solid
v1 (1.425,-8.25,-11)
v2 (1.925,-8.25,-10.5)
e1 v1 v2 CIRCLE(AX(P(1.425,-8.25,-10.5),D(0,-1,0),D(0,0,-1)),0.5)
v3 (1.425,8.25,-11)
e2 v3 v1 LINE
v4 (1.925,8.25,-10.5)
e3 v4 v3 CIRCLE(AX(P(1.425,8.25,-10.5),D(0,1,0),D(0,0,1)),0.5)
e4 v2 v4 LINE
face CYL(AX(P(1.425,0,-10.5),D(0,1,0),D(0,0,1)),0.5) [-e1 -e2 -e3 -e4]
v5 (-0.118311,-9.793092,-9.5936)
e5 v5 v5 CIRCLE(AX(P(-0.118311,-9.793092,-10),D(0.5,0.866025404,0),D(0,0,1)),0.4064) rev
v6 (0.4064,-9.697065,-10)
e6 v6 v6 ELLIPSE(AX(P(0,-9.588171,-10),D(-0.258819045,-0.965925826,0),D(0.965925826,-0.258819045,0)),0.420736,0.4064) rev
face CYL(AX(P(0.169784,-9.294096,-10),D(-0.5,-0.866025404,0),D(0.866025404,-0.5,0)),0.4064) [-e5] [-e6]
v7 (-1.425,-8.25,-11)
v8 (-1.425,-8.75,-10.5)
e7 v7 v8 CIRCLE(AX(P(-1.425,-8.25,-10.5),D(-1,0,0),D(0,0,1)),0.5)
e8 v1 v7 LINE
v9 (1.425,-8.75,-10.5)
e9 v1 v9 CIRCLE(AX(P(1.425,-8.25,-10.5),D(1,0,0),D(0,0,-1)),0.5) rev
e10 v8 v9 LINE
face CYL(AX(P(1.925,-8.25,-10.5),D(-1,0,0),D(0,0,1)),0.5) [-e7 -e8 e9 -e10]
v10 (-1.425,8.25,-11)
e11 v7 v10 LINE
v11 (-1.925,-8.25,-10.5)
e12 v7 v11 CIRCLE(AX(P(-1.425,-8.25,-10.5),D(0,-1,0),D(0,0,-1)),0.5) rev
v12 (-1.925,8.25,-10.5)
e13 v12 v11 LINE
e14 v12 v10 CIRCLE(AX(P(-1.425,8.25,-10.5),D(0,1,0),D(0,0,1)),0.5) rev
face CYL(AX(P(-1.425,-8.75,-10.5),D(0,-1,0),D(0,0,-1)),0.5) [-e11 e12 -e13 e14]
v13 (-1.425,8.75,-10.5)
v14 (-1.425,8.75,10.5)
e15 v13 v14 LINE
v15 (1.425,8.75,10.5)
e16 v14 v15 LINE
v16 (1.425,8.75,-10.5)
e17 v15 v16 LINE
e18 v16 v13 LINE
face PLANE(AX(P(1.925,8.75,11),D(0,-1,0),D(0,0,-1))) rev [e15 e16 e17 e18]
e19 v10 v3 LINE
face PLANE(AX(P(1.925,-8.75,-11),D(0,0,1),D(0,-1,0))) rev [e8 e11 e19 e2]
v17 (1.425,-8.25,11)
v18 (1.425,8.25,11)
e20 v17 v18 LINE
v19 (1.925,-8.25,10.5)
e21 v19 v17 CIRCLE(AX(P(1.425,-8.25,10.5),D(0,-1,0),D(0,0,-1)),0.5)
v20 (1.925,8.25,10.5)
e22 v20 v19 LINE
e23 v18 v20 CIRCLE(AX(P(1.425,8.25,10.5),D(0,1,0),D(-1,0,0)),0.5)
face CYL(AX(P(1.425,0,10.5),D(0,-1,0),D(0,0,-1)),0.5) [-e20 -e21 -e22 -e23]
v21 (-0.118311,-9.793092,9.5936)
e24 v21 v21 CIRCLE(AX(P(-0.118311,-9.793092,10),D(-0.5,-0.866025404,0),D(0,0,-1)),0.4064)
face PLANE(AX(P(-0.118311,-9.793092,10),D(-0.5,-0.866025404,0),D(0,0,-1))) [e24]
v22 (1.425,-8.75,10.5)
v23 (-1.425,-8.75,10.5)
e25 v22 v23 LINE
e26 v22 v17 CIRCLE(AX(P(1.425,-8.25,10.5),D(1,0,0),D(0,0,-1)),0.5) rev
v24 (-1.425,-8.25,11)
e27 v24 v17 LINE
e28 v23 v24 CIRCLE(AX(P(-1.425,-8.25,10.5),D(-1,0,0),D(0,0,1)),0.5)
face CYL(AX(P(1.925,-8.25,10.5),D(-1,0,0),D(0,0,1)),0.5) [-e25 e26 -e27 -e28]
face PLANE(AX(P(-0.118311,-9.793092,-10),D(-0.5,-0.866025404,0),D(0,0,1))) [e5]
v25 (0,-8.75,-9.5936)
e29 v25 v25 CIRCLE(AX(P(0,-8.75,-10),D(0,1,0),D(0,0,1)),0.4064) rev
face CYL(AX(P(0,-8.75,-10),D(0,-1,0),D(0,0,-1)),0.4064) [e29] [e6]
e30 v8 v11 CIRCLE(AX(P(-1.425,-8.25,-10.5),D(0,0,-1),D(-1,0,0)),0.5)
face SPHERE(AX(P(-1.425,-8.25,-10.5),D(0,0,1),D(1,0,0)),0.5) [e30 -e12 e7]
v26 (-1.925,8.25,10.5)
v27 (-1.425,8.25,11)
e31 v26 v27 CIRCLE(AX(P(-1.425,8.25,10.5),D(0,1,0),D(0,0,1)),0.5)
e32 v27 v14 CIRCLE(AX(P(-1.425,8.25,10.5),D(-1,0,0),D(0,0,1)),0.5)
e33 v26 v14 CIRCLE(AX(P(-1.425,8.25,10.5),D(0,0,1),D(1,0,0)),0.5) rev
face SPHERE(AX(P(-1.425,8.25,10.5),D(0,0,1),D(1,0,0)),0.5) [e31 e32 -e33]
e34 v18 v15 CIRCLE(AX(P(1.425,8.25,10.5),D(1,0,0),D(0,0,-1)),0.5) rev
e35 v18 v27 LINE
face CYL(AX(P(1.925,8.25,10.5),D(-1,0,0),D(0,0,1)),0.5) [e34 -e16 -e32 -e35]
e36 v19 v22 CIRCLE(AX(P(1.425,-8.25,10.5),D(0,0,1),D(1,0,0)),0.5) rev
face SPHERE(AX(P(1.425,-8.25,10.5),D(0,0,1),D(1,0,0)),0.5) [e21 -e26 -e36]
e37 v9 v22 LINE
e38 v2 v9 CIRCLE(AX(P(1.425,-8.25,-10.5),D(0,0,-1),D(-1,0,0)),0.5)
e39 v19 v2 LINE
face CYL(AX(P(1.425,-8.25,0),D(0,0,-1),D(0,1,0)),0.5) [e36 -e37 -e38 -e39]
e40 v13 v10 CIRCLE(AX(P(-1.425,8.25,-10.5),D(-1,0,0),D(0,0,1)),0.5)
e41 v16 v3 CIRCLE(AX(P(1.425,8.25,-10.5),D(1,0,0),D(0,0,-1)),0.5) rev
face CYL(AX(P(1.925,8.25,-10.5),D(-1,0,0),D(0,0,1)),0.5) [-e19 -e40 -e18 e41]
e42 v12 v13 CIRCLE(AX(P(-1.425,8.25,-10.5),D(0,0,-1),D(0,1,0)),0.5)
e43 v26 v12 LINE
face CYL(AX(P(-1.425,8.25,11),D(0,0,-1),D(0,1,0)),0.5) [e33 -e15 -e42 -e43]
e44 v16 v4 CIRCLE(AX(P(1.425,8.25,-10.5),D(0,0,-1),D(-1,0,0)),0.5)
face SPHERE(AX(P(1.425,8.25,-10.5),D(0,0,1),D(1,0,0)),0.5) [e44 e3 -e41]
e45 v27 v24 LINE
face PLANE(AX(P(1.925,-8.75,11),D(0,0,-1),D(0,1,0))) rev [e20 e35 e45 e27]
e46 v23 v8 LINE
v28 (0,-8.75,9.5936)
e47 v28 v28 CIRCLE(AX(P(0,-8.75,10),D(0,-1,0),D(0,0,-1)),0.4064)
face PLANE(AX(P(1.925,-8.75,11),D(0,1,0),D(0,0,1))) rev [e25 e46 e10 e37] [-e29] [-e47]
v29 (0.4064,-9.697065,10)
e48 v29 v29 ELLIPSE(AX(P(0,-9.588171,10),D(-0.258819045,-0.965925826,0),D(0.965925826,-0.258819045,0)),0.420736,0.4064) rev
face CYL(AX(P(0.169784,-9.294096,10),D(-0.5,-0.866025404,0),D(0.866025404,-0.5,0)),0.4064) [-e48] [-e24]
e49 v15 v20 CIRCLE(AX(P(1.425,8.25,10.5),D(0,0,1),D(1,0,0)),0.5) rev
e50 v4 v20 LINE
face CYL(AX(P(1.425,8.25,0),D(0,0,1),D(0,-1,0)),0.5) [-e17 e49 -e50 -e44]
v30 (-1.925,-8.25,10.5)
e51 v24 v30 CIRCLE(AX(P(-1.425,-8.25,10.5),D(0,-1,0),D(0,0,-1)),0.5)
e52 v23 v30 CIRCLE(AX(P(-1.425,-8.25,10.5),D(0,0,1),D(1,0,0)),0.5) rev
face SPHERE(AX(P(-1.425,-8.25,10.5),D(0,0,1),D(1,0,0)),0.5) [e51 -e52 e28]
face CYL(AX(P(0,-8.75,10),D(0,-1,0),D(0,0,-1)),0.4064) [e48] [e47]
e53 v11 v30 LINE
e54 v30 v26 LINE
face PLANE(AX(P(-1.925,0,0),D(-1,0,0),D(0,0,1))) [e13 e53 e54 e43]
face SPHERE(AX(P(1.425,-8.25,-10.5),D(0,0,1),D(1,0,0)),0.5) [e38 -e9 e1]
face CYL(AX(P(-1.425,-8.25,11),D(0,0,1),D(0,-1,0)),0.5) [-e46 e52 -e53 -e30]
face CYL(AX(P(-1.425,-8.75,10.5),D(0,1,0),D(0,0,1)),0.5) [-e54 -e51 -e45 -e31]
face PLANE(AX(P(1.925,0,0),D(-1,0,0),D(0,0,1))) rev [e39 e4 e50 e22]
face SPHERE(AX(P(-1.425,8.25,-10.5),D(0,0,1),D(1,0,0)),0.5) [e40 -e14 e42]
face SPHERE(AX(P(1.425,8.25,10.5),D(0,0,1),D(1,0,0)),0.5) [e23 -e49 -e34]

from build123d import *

# Parameters (mm, degrees)
SKETCH1_W           = 22
SKETCH1_H           = 17.5
BOSS_EXTRUDE1_DEPTH = 1.925
SKETCH2_R           = 0.4064
FILLET1_R           = 0.5


with BuildPart() as part:
    # Sketch1 → Boss-Extrude1 (new, symmetric)
    with BuildSketch(Plane(origin=(0, 0, 0), x_dir=(0, 0, -1), z_dir=(1, 0, 0))):
        Rectangle(SKETCH1_W, SKETCH1_H)
    extrude(amount=BOSS_EXTRUDE1_DEPTH, both=True)

    # Sweep1: sweep along a path in Sketch3
    with BuildLine(Plane.XY.offset(10)) as sweep1_path:
        Line((0, -8.75), (0, -9.588170614))
        Line((0, -9.588170614), (-0.118311478, -9.793092105))
    # Sketch2 → Sweep1 (sweep)
    with BuildSketch(Plane.XZ.offset(8.75)):
        with Locations((0, 10)):
            Circle(SKETCH2_R)
    sweep1 = sweep(path=sweep1_path.line, transition=Transition.RIGHT)

    # Fillet1
    fillet1_edges = [part.edges().sort_by_distance(p)[0] for p in [
        (1.925, 0, 11),
        (1.925, -8.75, 0),
        (1.925, 0, -11),
        (-1.925, -8.75, 0),
        (-1.925, 0, 11),
        (-1.925, 8.75, 0),
        (-1.925, 0, -11),
        (0, -8.75, -11),
        (0, -8.75, 11),
        (0, 8.75, 11),
        (0, 8.75, -11),
        (1.925, 8.75, 0),
    ]]
    fillet(fillet1_edges, radius=FILLET1_R)

    # Mirror1: Sweep1 across plane
    add(sweep1.mirror(Plane.XY))


solid = part.part
